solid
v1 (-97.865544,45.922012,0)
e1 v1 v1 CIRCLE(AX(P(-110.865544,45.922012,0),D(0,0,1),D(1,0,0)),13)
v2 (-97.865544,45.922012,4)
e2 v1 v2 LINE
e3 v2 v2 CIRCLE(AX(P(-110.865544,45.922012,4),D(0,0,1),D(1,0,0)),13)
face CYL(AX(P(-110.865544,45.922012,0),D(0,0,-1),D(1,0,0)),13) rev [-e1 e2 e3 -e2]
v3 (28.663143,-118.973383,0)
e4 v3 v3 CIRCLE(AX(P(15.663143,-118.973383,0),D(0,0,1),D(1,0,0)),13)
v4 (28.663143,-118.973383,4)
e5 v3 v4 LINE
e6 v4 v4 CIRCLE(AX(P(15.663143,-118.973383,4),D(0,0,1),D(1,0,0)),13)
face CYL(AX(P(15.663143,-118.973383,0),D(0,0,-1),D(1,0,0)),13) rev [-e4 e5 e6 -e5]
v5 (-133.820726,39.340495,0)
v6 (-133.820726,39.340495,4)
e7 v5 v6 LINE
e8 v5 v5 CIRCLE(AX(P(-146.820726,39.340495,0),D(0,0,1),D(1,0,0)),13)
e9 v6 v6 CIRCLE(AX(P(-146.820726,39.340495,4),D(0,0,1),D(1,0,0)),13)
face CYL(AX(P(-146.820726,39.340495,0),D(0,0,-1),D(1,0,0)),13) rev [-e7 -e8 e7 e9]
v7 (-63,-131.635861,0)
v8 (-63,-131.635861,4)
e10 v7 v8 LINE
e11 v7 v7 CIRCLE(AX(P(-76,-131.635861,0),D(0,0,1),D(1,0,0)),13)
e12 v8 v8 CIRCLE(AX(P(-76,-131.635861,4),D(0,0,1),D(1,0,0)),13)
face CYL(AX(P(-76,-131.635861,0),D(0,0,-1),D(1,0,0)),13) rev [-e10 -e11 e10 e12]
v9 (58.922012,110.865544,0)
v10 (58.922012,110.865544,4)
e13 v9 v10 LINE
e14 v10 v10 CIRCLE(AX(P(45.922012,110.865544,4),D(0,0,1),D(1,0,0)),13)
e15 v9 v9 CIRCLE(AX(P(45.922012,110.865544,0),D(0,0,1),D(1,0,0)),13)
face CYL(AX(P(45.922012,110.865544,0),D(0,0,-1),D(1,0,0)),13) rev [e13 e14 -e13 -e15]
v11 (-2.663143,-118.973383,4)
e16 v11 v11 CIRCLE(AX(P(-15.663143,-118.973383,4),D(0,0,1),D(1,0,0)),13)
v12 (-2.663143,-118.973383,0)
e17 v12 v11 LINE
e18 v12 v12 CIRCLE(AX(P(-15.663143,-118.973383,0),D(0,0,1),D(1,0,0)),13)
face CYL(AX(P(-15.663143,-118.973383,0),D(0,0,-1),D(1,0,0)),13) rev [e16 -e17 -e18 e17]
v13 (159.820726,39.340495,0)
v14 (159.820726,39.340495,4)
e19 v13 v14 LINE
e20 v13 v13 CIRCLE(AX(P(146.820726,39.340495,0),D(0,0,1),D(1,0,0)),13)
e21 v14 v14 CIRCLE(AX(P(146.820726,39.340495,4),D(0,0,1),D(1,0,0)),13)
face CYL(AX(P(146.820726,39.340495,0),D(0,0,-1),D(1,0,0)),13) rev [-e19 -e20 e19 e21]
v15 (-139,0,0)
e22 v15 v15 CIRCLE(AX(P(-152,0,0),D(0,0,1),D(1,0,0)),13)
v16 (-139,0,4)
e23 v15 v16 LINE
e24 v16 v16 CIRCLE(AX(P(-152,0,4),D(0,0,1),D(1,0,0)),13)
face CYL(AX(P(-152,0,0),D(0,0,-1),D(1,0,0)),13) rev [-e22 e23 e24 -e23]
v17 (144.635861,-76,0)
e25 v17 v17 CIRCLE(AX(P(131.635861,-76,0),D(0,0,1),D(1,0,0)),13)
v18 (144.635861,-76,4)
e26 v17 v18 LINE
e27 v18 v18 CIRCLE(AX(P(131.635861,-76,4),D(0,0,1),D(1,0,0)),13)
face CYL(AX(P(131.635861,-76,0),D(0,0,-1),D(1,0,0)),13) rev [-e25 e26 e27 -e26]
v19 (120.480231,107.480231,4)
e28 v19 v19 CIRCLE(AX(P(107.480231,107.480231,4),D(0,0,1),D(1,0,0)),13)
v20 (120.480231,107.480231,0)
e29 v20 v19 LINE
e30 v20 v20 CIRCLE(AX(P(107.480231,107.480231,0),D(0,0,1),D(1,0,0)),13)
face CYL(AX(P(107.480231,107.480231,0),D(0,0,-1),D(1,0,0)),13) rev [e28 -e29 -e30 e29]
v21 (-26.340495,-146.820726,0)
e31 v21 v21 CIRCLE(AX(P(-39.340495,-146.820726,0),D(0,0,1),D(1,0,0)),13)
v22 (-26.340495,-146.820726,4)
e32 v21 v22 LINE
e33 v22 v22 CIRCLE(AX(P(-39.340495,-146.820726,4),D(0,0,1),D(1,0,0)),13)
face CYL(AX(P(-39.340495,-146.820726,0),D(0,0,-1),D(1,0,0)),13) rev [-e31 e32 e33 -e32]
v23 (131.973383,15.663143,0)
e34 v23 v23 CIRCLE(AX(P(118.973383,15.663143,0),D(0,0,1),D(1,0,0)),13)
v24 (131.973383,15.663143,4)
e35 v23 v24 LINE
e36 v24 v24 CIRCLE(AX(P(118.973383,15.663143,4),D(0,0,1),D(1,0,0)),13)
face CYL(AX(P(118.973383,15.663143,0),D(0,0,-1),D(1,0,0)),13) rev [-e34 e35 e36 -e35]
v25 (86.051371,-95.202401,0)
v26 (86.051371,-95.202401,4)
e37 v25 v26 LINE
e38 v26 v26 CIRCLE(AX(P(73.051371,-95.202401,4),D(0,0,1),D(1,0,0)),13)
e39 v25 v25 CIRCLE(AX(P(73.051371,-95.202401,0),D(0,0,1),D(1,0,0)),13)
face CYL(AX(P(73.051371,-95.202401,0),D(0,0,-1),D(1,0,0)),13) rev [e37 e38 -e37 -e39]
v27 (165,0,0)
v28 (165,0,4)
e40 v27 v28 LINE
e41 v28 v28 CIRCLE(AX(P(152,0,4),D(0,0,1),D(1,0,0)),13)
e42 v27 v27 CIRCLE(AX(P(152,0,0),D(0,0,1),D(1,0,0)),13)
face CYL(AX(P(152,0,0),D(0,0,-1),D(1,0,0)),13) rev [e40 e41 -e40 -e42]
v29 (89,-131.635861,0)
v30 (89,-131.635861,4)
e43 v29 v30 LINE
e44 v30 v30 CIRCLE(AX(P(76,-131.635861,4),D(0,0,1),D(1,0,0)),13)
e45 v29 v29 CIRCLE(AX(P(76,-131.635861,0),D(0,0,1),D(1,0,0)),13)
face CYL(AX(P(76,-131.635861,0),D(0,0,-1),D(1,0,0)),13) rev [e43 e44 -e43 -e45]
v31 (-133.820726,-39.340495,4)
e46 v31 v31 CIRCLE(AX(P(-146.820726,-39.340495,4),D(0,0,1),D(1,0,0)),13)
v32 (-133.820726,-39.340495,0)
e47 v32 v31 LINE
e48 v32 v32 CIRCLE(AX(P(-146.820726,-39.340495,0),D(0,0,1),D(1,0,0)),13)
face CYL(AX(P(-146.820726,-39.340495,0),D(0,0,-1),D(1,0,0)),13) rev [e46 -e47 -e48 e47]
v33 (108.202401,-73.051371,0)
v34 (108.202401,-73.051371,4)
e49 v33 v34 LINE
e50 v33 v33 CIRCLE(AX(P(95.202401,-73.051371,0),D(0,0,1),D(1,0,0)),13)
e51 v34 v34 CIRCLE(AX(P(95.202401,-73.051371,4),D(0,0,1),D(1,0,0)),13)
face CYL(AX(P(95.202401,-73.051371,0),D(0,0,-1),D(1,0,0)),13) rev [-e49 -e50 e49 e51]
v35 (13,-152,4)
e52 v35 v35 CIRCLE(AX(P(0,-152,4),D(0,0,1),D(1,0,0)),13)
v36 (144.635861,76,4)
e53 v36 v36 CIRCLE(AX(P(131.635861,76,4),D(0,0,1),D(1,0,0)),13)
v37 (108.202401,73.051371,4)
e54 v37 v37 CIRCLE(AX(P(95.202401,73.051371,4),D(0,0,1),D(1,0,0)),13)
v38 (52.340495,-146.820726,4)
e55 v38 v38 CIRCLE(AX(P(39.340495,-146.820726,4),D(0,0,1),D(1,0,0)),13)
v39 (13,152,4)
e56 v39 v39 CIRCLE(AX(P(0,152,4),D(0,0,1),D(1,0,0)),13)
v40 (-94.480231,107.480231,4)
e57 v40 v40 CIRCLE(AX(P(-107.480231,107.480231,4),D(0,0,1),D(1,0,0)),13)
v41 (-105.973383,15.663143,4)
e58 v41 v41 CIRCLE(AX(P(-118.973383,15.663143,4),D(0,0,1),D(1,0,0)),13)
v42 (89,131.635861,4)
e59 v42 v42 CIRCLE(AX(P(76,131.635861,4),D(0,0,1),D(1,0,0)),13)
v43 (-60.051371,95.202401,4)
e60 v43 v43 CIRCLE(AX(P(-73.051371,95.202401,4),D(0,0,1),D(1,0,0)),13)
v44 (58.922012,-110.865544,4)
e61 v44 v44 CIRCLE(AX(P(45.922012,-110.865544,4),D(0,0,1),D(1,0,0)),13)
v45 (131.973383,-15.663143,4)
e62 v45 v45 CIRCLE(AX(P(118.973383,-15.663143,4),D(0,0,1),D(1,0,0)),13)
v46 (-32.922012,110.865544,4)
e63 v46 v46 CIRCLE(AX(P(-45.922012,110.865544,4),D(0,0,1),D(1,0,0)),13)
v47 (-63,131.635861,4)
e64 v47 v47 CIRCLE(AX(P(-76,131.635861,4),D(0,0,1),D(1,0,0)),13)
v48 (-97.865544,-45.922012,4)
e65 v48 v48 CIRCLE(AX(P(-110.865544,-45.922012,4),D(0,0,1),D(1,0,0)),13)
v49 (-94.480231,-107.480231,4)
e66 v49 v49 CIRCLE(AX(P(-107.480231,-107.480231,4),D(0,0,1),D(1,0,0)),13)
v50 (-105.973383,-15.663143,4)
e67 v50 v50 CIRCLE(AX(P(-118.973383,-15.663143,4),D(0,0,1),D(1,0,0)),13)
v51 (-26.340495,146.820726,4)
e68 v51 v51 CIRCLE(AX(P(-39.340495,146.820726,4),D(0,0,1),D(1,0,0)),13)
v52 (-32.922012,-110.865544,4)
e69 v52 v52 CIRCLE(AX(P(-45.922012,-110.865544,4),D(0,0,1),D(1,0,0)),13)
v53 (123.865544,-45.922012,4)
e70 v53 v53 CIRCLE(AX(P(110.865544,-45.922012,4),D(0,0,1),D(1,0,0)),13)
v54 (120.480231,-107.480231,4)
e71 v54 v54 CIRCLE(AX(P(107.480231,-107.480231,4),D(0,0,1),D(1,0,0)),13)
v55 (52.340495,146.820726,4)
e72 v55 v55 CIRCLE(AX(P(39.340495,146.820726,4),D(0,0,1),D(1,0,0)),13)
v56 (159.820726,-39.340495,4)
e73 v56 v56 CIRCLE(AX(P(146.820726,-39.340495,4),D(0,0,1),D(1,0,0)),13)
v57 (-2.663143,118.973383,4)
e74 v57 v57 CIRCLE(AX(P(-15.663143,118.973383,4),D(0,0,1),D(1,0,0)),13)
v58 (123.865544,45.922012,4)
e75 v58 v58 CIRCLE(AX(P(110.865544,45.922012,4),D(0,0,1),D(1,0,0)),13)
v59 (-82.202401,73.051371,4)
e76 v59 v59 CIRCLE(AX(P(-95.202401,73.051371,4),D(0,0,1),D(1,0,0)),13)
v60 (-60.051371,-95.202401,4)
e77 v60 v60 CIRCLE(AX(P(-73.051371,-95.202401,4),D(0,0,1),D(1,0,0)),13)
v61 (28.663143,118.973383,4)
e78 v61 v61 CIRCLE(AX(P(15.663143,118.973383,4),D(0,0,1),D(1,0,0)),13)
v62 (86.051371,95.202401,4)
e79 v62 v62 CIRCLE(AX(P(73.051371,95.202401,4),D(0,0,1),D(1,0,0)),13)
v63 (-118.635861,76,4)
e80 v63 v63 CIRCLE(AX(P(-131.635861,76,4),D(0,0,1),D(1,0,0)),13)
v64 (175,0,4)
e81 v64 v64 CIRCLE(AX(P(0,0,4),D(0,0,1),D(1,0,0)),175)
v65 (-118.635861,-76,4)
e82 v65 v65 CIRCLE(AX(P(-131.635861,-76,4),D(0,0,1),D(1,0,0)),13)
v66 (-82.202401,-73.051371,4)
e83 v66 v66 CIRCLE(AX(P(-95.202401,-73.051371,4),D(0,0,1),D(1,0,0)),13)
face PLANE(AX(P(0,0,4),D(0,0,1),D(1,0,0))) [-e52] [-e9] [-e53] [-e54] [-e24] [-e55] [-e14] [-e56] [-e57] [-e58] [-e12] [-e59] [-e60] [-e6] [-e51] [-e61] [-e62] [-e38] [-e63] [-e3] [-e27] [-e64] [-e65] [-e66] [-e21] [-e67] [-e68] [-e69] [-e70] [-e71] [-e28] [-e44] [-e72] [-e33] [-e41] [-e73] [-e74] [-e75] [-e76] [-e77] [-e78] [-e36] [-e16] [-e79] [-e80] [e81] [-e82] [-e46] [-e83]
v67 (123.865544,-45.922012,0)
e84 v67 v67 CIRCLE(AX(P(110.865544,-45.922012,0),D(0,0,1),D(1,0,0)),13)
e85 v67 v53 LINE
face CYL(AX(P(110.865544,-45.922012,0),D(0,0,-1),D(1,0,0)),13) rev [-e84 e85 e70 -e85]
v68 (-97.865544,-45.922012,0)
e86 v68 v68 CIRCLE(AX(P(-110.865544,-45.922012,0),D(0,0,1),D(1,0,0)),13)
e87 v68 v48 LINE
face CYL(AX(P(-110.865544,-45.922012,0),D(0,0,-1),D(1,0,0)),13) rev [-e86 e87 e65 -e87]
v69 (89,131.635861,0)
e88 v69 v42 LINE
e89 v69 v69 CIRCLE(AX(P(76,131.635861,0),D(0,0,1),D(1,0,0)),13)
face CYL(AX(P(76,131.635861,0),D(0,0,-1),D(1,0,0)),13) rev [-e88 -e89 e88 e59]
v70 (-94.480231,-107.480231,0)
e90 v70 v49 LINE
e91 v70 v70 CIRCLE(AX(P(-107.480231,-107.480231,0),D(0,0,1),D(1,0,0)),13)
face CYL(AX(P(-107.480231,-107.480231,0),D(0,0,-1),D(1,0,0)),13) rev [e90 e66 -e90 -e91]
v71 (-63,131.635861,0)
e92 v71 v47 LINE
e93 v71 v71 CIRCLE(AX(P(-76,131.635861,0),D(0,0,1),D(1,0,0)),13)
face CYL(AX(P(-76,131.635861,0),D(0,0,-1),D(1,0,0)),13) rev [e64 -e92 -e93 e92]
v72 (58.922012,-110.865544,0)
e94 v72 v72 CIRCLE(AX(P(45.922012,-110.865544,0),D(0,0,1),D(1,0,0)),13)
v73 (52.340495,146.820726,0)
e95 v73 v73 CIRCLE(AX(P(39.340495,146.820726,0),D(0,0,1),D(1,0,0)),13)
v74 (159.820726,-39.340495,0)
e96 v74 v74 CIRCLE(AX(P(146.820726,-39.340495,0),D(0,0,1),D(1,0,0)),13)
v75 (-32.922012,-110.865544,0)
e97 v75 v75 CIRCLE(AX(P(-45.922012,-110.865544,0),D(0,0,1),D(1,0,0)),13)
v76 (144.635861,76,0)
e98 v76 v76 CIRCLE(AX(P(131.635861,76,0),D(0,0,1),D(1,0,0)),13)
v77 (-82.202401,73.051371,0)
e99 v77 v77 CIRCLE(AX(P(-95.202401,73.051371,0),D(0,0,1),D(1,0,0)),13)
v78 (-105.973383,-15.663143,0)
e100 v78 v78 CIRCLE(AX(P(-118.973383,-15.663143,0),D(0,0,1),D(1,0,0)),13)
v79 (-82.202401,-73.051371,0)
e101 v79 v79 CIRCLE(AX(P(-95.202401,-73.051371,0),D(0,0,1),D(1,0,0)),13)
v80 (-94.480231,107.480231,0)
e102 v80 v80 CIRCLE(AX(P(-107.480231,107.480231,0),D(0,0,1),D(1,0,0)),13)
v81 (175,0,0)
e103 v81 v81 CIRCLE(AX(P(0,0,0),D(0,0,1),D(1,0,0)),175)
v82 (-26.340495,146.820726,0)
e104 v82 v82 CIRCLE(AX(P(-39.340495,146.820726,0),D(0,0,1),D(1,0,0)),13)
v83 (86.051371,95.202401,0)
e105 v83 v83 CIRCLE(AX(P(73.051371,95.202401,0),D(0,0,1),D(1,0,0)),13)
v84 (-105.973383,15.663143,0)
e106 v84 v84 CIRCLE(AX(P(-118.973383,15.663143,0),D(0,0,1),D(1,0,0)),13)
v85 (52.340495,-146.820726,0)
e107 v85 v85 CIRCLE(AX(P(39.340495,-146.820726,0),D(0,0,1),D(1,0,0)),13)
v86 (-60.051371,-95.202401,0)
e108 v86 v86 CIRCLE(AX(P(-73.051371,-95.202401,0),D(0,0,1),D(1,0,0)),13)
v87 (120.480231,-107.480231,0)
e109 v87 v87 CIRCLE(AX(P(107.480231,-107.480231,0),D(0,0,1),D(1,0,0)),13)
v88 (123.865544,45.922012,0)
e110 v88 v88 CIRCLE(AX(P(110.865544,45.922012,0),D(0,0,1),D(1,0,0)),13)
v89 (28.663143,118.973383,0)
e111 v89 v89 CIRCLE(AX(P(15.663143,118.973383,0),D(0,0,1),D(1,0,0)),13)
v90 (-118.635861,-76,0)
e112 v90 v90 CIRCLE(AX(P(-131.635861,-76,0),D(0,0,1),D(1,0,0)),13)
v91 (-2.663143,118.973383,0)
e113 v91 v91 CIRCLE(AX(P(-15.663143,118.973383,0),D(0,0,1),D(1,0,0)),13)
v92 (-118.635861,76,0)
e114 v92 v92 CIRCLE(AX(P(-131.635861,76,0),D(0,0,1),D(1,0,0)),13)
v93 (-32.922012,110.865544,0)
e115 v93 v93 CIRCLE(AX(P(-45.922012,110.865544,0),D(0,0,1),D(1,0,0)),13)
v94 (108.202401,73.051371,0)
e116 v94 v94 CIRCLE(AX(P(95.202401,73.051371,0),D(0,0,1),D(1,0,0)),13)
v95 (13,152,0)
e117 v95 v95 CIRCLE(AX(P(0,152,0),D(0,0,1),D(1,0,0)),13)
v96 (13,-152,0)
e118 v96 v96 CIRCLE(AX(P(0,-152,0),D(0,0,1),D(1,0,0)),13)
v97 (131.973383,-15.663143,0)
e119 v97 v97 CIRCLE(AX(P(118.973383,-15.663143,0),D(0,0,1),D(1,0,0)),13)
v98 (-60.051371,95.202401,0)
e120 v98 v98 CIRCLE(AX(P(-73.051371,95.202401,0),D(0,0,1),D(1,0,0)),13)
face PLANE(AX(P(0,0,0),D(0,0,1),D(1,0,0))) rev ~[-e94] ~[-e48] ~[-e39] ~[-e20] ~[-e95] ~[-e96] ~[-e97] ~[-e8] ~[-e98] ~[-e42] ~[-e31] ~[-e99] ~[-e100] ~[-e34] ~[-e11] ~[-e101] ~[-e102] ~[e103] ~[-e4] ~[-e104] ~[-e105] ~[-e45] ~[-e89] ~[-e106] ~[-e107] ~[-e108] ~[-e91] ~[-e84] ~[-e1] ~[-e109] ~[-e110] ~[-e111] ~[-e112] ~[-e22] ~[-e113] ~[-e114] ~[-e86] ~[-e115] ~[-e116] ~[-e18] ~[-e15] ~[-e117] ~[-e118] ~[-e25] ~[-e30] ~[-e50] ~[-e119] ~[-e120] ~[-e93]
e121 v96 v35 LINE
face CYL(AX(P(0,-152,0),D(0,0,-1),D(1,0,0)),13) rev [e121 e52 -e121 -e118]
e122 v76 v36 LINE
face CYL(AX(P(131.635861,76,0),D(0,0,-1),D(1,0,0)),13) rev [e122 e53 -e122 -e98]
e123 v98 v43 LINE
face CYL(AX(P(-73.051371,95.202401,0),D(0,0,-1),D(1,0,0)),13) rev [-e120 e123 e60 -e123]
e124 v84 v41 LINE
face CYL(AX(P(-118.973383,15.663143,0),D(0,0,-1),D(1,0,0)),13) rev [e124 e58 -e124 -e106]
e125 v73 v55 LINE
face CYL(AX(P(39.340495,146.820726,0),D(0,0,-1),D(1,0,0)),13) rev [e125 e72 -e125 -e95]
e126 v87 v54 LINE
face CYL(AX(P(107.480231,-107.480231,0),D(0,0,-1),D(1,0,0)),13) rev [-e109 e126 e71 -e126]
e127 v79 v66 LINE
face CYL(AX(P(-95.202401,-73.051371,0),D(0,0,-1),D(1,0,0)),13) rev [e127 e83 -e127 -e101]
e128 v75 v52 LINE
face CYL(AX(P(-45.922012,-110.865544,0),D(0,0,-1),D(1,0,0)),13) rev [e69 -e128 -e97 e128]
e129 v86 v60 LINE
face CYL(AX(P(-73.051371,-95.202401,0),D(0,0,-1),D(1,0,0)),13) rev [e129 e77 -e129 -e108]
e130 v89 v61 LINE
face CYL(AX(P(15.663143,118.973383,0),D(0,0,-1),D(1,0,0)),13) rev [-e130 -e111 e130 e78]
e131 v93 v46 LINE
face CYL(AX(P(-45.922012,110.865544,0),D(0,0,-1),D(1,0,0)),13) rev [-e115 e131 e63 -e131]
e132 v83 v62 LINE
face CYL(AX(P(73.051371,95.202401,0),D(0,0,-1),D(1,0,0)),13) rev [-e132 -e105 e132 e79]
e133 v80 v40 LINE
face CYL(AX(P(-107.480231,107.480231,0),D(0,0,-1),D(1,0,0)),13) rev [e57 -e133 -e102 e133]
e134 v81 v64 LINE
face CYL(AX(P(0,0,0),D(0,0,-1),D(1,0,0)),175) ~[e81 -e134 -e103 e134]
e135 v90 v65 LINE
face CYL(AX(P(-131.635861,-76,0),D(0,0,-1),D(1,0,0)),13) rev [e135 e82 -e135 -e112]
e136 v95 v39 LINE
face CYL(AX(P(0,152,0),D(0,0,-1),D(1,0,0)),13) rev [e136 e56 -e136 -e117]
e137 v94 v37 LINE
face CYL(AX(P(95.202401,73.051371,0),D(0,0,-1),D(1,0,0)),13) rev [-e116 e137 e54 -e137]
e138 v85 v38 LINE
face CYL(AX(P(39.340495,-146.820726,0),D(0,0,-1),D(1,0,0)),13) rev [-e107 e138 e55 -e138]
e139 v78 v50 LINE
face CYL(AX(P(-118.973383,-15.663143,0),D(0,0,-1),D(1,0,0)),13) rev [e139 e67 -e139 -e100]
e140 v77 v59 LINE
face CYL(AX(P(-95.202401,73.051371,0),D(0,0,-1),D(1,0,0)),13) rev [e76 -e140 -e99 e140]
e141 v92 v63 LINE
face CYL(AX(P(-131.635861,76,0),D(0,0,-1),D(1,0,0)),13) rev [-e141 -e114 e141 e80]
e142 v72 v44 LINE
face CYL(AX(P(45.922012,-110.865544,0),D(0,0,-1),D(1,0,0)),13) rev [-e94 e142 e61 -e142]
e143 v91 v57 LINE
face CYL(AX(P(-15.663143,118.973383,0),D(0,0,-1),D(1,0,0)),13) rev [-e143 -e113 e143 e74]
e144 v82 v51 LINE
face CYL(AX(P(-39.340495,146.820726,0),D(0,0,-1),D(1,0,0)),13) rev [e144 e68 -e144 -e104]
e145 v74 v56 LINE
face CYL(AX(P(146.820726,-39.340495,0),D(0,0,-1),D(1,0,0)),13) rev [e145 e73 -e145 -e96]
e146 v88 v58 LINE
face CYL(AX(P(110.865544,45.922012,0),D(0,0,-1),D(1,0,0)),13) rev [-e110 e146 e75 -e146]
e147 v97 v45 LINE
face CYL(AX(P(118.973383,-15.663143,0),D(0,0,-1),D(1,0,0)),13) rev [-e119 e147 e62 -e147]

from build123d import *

# Parameters (mm, degrees)
F0_R     = 175
F0_R_2   = 13
F1_DEPTH = 4


with BuildPart() as f1:
    # F0 (on Top) → F1 (new body)
    with BuildSketch(Plane.XY):
        Circle(F0_R)
        with Locations((-107.480231, -107.480231)):
            Circle(F0_R_2, mode=Mode.SUBTRACT)
        with Locations((-76, -131.635861)):
            Circle(F0_R_2, mode=Mode.SUBTRACT)
        with Locations((-39.340495, -146.820726)):
            Circle(F0_R_2, mode=Mode.SUBTRACT)
        with Locations((-45.922012, -110.865544)):
            Circle(F0_R_2, mode=Mode.SUBTRACT)
        with Locations((-73.051371, -95.202401)):
            Circle(F0_R_2, mode=Mode.SUBTRACT)
        with Locations((-15.663143, -118.973383)):
            Circle(F0_R_2, mode=Mode.SUBTRACT)
        with Locations((-131.635861, -76)):
            Circle(F0_R_2, mode=Mode.SUBTRACT)
        with Locations((-95.202401, -73.051371)):
            Circle(F0_R_2, mode=Mode.SUBTRACT)
        with Locations((-110.865544, -45.922012)):
            Circle(F0_R_2, mode=Mode.SUBTRACT)
        with Locations((-146.820726, -39.340495)):
            Circle(F0_R_2, mode=Mode.SUBTRACT)
        with Locations((-118.973383, -15.663143)):
            Circle(F0_R_2, mode=Mode.SUBTRACT)
        with Locations((0, -152)):
            Circle(F0_R_2, mode=Mode.SUBTRACT)
        with Locations((39.340495, -146.820726)):
            Circle(F0_R_2, mode=Mode.SUBTRACT)
        with Locations((76, -131.635861)):
            Circle(F0_R_2, mode=Mode.SUBTRACT)
        with Locations((15.663143, -118.973383)):
            Circle(F0_R_2, mode=Mode.SUBTRACT)
        with Locations((45.922012, -110.865544)):
            Circle(F0_R_2, mode=Mode.SUBTRACT)
        with Locations((73.051371, -95.202401)):
            Circle(F0_R_2, mode=Mode.SUBTRACT)
        with Locations((107.480231, -107.480231)):
            Circle(F0_R_2, mode=Mode.SUBTRACT)
        with Locations((95.202401, -73.051371)):
            Circle(F0_R_2, mode=Mode.SUBTRACT)
        with Locations((110.865544, -45.922012)):
            Circle(F0_R_2, mode=Mode.SUBTRACT)
        with Locations((131.635861, -76)):
            Circle(F0_R_2, mode=Mode.SUBTRACT)
        with Locations((118.973383, -15.663143)):
            Circle(F0_R_2, mode=Mode.SUBTRACT)
        with Locations((146.820726, -39.340495)):
            Circle(F0_R_2, mode=Mode.SUBTRACT)
        with Locations((-152, 0)):
            Circle(F0_R_2, mode=Mode.SUBTRACT)
        with Locations((-146.820726, 39.340495)):
            Circle(F0_R_2, mode=Mode.SUBTRACT)
        with Locations((-118.973383, 15.663143)):
            Circle(F0_R_2, mode=Mode.SUBTRACT)
        with Locations((-131.635861, 76)):
            Circle(F0_R_2, mode=Mode.SUBTRACT)
        with Locations((-110.865544, 45.922012)):
            Circle(F0_R_2, mode=Mode.SUBTRACT)
        with Locations((-95.202401, 73.051371)):
            Circle(F0_R_2, mode=Mode.SUBTRACT)
        with Locations((-107.480231, 107.480231)):
            Circle(F0_R_2, mode=Mode.SUBTRACT)
        with Locations((-73.051371, 95.202401)):
            Circle(F0_R_2, mode=Mode.SUBTRACT)
        with Locations((-45.922012, 110.865544)):
            Circle(F0_R_2, mode=Mode.SUBTRACT)
        with Locations((-15.663143, 118.973383)):
            Circle(F0_R_2, mode=Mode.SUBTRACT)
        with Locations((-76, 131.635861)):
            Circle(F0_R_2, mode=Mode.SUBTRACT)
        with Locations((-39.340495, 146.820726)):
            Circle(F0_R_2, mode=Mode.SUBTRACT)
        with Locations((118.973383, 15.663143)):
            Circle(F0_R_2, mode=Mode.SUBTRACT)
        with Locations((152, 0)):
            Circle(F0_R_2, mode=Mode.SUBTRACT)
        with Locations((146.820726, 39.340495)):
            Circle(F0_R_2, mode=Mode.SUBTRACT)
        with Locations((110.865544, 45.922012)):
            Circle(F0_R_2, mode=Mode.SUBTRACT)
        with Locations((95.202401, 73.051371)):
            Circle(F0_R_2, mode=Mode.SUBTRACT)
        with Locations((131.635861, 76)):
            Circle(F0_R_2, mode=Mode.SUBTRACT)
        with Locations((15.663143, 118.973383)):
            Circle(F0_R_2, mode=Mode.SUBTRACT)
        with Locations((73.051371, 95.202401)):
            Circle(F0_R_2, mode=Mode.SUBTRACT)
        with Locations((45.922012, 110.865544)):
            Circle(F0_R_2, mode=Mode.SUBTRACT)
        with Locations((0, 152)):
            Circle(F0_R_2, mode=Mode.SUBTRACT)
        with Locations((39.340495, 146.820726)):
            Circle(F0_R_2, mode=Mode.SUBTRACT)
        with Locations((76, 131.635861)):
            Circle(F0_R_2, mode=Mode.SUBTRACT)
        with Locations((107.480231, 107.480231)):
            Circle(F0_R_2, mode=Mode.SUBTRACT)
    extrude(amount=F1_DEPTH)


solid = f1.part
